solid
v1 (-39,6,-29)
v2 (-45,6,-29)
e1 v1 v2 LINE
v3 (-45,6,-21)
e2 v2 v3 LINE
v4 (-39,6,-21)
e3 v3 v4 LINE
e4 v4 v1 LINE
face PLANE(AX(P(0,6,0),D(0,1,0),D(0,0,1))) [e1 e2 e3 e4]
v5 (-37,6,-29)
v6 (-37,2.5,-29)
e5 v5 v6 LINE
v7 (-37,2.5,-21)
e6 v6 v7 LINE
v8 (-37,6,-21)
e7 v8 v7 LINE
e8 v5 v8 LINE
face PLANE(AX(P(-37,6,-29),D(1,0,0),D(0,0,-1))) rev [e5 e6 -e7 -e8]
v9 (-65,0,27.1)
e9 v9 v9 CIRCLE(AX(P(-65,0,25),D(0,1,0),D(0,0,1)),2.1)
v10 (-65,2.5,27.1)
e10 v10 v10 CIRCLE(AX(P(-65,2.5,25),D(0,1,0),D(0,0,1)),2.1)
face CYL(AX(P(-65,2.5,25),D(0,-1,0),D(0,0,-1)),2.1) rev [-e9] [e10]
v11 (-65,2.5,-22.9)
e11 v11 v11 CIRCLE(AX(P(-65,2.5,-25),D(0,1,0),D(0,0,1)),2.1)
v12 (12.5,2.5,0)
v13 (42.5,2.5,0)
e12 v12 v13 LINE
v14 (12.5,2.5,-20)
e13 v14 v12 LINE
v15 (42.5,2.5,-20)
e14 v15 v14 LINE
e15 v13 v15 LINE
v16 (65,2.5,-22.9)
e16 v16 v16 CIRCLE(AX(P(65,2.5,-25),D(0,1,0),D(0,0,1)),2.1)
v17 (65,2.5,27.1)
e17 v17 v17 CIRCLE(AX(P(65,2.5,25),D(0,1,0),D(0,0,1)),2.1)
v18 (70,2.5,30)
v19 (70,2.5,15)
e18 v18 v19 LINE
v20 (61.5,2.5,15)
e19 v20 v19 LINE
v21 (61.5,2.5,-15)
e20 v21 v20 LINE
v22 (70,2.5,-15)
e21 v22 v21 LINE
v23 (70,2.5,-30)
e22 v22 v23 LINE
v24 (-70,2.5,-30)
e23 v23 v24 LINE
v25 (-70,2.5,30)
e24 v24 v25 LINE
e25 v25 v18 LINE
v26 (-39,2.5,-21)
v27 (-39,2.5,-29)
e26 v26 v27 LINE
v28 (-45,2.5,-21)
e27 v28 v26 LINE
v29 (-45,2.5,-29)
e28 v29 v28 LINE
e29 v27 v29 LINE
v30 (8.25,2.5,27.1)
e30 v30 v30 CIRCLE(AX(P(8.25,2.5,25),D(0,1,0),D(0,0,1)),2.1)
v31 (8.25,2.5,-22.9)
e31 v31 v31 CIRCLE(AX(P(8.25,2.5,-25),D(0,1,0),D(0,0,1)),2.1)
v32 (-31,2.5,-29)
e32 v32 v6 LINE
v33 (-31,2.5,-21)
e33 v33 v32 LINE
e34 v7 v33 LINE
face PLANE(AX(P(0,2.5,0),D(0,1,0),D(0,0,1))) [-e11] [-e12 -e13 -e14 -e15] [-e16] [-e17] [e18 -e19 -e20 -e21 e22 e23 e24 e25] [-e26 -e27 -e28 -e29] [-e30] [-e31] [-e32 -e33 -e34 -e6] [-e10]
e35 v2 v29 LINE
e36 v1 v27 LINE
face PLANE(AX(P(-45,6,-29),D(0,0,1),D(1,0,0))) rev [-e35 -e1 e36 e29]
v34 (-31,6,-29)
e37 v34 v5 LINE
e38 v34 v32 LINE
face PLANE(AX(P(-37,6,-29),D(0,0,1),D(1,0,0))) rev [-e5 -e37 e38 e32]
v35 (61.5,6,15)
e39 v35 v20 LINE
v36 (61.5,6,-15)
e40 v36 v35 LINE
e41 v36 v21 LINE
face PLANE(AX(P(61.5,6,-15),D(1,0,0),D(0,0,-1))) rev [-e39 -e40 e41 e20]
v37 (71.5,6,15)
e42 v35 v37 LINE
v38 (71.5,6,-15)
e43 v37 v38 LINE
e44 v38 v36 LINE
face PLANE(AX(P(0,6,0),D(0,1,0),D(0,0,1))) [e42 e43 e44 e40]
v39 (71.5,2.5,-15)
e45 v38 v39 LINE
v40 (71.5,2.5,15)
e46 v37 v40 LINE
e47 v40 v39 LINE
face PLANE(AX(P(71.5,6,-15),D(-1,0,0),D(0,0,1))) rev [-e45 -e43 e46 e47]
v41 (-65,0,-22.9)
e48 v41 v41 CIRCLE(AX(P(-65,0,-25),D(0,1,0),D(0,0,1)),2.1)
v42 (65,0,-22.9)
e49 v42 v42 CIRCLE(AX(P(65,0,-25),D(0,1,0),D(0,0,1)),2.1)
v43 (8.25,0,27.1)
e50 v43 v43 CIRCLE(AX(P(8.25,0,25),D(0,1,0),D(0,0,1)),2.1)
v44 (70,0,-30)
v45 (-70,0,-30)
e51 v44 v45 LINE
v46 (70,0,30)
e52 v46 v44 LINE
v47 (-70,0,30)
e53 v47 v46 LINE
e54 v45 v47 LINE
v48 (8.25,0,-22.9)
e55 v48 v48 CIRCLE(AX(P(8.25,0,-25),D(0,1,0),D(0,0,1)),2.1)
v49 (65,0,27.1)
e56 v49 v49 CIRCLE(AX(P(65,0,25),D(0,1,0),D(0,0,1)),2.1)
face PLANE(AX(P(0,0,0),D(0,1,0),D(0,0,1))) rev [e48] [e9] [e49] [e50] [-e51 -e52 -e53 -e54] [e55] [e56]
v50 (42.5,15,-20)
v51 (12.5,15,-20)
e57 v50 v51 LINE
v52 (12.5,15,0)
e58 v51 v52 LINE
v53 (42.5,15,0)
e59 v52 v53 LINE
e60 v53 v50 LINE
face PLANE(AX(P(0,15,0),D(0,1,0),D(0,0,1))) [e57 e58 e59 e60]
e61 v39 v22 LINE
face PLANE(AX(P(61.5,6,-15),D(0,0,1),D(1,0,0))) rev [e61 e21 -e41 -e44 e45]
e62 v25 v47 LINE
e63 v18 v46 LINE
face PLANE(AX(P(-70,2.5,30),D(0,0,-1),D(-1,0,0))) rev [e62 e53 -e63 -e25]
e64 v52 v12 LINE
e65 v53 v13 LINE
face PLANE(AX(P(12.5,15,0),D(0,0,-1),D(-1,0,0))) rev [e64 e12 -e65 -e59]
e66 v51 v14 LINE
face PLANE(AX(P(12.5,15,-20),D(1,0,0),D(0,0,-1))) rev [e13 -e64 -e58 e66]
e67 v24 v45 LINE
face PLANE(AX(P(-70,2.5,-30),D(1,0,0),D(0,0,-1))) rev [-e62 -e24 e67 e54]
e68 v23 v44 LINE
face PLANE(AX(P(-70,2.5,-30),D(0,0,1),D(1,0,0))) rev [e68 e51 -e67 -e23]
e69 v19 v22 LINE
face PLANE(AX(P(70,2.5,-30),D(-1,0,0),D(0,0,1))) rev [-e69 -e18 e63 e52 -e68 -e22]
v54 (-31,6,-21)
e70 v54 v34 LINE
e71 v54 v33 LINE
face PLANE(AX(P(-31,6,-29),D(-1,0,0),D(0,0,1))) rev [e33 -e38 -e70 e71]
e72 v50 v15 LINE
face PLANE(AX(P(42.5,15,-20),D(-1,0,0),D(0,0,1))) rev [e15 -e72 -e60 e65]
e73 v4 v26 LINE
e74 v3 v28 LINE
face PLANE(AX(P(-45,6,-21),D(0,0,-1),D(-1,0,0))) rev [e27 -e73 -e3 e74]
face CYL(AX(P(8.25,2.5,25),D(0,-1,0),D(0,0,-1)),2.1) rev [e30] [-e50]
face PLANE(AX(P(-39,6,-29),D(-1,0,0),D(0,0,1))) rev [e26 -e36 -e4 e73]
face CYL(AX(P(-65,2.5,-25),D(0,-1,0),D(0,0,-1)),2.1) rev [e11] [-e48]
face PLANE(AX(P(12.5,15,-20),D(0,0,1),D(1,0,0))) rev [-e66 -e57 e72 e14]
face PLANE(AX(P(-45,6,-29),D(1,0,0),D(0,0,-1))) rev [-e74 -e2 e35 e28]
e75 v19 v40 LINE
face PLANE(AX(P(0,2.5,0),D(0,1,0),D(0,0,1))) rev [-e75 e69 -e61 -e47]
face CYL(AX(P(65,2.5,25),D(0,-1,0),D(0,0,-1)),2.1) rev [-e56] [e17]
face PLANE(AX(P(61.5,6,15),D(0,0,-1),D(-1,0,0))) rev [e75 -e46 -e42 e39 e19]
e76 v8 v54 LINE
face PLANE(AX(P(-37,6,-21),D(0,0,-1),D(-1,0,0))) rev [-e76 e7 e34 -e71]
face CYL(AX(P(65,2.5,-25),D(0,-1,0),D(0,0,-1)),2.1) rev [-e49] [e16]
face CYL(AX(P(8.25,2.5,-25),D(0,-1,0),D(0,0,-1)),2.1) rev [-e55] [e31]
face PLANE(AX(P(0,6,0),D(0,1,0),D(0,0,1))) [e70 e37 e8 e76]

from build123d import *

# Parameters (mm, degrees)
SKETCH2_W           = 140
SKETCH2_H           = 60
SKETCH2_R           = 2.1
BOSS_EXTRUDE1_DEPTH = 2.5
SKETCH3_W           = 6
SKETCH3_H           = 8
SKETCH3_W_2         = 10
SKETCH3_H_2         = 30
BOSS_EXTRUDE2_DEPTH = 3.5
SKETCH4_W           = 30
SKETCH4_H           = 20
BOSS_EXTRUDE3_DEPTH = 12.5


with BuildPart() as part:
    # Sketch2 → Boss-Extrude1 (new body)
    with BuildSketch(Plane(origin=(0, 0, 0), x_dir=(1, 0, 0), z_dir=(0, 1, 0))):
        Rectangle(SKETCH2_W, SKETCH2_H)
        with Locations((-65, 25)):
            Circle(SKETCH2_R, mode=Mode.SUBTRACT)
        with Locations((8.25, 25)):
            Circle(SKETCH2_R, mode=Mode.SUBTRACT)
        with Locations((65, 25)):
            Circle(SKETCH2_R, mode=Mode.SUBTRACT)
        with Locations((-65, -25)):
            Circle(SKETCH2_R, mode=Mode.SUBTRACT)
        with Locations((8.25, -25)):
            Circle(SKETCH2_R, mode=Mode.SUBTRACT)
        with Locations((65, -25)):
            Circle(SKETCH2_R, mode=Mode.SUBTRACT)
    extrude(amount=BOSS_EXTRUDE1_DEPTH)

    # Sketch3 → Boss-Extrude2 (add)
    with BuildSketch(Plane(origin=(0, 2.5, 0), x_dir=(1, 0, 0), z_dir=(0, 1, 0))):
        with Locations((-42, 25)):
            Rectangle(SKETCH3_W, SKETCH3_H)
        with Locations((-34, 25)):
            Rectangle(SKETCH3_W, SKETCH3_H)
        with Locations((66.5, 0)):
            Rectangle(SKETCH3_W_2, SKETCH3_H_2)
    extrude(amount=BOSS_EXTRUDE2_DEPTH)

    # Sketch4 → Boss-Extrude3 (add)
    with BuildSketch(Plane(origin=(0, 2.5, 0), x_dir=(1, 0, 0), z_dir=(0, 1, 0))):
        with Locations((27.5, 10)):
            Rectangle(SKETCH4_W, SKETCH4_H)
    extrude(amount=BOSS_EXTRUDE3_DEPTH)


solid = part.part
